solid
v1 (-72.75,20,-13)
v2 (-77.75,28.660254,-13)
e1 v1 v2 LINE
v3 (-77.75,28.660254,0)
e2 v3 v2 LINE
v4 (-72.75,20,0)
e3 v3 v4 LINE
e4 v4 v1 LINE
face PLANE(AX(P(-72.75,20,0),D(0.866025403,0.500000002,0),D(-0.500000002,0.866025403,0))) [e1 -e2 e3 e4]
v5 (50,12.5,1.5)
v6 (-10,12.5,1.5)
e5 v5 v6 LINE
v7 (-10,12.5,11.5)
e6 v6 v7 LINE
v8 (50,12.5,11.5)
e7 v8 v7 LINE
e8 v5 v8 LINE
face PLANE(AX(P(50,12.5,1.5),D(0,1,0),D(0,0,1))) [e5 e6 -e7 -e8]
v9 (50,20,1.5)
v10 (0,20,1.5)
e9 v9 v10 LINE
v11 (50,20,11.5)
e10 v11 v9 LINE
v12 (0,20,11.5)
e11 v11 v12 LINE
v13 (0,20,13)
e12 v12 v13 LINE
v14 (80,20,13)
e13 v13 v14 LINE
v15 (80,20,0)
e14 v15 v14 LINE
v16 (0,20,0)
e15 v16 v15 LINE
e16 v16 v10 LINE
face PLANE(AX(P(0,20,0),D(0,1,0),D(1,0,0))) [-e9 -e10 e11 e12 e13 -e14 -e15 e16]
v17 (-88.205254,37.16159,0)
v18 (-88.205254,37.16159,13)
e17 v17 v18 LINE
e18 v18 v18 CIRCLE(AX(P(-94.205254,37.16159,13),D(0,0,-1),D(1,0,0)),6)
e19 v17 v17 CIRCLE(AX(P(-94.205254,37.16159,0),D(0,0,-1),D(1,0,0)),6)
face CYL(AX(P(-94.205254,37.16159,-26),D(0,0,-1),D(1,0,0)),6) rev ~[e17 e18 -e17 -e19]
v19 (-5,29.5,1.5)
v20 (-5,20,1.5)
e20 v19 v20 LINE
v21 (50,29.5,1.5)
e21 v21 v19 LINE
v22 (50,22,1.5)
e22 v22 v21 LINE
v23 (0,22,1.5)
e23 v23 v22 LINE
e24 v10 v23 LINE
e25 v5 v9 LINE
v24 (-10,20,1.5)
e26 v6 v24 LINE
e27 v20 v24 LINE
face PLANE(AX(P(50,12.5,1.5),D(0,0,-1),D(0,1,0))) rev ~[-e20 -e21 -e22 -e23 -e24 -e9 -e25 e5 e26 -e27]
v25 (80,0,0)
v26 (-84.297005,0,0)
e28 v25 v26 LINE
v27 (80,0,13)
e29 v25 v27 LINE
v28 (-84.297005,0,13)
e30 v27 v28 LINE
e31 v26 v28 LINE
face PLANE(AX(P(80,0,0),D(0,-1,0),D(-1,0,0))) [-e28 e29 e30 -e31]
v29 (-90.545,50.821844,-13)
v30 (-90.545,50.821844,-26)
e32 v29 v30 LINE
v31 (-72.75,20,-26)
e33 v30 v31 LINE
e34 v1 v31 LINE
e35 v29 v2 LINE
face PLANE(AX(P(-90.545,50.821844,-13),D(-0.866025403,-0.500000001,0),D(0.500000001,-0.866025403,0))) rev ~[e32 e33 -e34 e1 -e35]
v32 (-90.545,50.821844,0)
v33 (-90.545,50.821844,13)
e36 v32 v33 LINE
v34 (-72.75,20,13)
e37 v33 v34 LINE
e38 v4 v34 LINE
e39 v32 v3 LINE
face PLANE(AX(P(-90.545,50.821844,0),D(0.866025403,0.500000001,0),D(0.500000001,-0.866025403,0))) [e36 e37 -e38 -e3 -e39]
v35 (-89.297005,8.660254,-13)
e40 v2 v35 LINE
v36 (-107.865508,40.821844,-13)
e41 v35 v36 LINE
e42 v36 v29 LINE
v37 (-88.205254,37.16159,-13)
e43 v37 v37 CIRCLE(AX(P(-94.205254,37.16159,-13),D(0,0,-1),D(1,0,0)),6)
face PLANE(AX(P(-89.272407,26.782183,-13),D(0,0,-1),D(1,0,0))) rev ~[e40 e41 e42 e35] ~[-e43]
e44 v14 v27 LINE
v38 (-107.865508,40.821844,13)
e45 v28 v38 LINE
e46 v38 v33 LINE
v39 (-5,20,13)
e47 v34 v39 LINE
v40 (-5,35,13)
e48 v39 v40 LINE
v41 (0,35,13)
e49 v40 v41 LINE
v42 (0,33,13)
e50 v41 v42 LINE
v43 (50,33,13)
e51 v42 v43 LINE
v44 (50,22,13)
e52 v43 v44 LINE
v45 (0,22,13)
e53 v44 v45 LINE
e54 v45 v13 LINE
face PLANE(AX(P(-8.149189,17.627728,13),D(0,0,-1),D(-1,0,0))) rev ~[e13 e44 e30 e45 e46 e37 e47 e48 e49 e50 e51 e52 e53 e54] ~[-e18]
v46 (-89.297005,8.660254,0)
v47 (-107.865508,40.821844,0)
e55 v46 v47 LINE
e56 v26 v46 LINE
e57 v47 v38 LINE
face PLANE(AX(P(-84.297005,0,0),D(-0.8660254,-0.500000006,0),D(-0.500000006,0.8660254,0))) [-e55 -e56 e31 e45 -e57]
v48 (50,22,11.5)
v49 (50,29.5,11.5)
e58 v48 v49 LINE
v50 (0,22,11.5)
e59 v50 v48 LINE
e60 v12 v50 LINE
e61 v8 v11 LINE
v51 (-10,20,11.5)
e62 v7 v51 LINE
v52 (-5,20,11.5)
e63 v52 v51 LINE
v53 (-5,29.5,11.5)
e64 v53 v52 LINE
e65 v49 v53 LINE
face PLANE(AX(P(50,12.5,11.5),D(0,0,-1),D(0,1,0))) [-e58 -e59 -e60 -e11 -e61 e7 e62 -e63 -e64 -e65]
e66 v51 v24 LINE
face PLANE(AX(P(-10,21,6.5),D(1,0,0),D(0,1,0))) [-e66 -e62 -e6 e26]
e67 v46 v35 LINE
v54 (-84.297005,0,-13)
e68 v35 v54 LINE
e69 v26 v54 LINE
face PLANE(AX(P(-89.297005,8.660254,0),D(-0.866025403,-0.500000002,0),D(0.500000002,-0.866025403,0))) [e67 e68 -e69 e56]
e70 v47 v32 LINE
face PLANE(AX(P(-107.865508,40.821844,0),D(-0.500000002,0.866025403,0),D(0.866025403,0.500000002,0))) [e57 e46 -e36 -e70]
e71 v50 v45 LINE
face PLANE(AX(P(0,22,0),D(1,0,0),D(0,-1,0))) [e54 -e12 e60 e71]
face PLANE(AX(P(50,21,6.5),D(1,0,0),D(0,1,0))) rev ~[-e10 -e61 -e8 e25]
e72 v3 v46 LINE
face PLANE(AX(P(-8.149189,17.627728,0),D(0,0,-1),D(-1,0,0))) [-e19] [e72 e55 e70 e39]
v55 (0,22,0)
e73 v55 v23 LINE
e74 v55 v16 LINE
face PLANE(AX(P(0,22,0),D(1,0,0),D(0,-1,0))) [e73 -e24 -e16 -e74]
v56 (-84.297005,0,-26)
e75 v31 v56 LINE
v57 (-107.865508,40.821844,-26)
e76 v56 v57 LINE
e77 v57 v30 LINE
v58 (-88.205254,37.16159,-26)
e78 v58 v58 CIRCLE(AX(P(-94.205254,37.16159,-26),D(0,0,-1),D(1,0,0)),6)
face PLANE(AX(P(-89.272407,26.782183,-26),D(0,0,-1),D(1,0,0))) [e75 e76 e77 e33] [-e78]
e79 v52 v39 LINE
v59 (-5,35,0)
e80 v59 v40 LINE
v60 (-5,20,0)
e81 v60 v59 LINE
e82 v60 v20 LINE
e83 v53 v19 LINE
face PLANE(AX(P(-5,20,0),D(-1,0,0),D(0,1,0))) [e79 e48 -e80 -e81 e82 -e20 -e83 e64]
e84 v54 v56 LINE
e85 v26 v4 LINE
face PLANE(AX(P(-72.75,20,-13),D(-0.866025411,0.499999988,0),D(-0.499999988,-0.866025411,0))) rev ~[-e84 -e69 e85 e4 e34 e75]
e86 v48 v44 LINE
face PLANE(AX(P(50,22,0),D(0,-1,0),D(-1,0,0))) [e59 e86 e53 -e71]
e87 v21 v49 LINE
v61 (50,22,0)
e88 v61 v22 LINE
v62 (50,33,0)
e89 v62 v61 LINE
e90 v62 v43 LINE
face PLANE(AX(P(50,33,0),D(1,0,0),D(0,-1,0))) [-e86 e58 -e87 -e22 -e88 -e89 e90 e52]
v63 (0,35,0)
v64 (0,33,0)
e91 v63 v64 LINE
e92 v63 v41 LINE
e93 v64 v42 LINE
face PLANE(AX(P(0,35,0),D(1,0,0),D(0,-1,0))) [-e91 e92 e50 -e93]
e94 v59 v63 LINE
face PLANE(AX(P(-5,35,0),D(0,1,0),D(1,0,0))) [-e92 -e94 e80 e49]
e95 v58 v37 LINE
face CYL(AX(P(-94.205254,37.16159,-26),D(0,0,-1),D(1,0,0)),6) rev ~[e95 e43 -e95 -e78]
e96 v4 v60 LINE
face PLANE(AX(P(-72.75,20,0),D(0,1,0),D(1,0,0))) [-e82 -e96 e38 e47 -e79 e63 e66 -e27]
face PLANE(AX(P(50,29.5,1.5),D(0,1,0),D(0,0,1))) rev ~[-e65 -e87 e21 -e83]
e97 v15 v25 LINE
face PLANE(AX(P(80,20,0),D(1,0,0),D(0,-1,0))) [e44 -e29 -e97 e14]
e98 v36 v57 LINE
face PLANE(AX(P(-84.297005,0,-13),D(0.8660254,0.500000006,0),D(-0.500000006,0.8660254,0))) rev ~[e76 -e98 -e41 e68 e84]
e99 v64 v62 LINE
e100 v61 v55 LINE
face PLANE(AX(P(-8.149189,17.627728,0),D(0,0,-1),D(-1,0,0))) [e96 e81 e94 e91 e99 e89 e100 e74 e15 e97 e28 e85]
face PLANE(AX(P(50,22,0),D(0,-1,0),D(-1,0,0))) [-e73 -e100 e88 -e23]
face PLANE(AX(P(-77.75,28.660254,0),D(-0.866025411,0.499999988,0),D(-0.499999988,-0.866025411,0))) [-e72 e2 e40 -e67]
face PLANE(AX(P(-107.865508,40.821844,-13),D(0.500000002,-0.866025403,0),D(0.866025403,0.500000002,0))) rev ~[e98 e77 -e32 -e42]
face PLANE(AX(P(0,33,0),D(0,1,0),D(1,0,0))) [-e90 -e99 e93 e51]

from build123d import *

# Parameters (mm, degrees)
PAD_DEPTH       = 13
PAD001_DEPTH    = 13
PAD002_DEPTH    = 13
SKETCH004_R     = 6
POCKET_DEPTH    = 39.001
SKETCH006_W     = 17
SKETCH006_H     = 10
POCKET001_DEPTH = 60


with BuildPart() as part:
    # Sketch001 → Pad (new body)
    with BuildSketch(Plane.XY):
        Polygon((-90.545, 50.821844), (-72.75, 20), (-5, 20), (-5, 35), (0, 35), (0, 33), (50, 33), (50, 22), (0, 22), (0, 20), (80, 20), (80, 0), (-84.297005, 0), (-107.865508, 40.821844), align=None)
    extrude(amount=PAD_DEPTH)

    # Sketch002 (on Face15 of Pad) → Pad001 (join)
    with BuildSketch(Plane(origin=(0, 0, 0), x_dir=(1, 0, 0), z_dir=(0, 0, -1))):
        Polygon((-84.297005, 0), (-72.75, -20), (-77.75, -28.660254), (-89.297005, -8.660254), align=None)
    extrude(amount=PAD001_DEPTH)

    # Sketch003 (on Face12 of Pad001) → Pad002 (join)
    with BuildSketch(Plane(origin=(0, 0, -13), x_dir=(1, 0, 0), z_dir=(0, 0, -1))):
        Polygon((-84.297005, 0), (-107.865508, -40.821844), (-90.545, -50.821844), (-72.75, -20), align=None)
    extrude(amount=PAD002_DEPTH)

    # Sketch004 (on Face26 of Pad002) → Pocket (cut, through all)
    with BuildSketch(Plane(origin=(0, 0, -26), x_dir=(1, 0, 0), z_dir=(0, 0, -1))):
        with Locations((-94.205254, -37.16159)):
            Circle(SKETCH004_R)
    extrude(amount=-POCKET_DEPTH, mode=Mode.SUBTRACT)

    # Sketch006 (on Face21 of Pocket) → Pocket001 (cut)
    with BuildSketch(Plane.YZ.offset(50)):
        with Locations((21, 6.5)):
            Rectangle(SKETCH006_W, SKETCH006_H)
    extrude(amount=-POCKET001_DEPTH, mode=Mode.SUBTRACT)


solid = part.part
